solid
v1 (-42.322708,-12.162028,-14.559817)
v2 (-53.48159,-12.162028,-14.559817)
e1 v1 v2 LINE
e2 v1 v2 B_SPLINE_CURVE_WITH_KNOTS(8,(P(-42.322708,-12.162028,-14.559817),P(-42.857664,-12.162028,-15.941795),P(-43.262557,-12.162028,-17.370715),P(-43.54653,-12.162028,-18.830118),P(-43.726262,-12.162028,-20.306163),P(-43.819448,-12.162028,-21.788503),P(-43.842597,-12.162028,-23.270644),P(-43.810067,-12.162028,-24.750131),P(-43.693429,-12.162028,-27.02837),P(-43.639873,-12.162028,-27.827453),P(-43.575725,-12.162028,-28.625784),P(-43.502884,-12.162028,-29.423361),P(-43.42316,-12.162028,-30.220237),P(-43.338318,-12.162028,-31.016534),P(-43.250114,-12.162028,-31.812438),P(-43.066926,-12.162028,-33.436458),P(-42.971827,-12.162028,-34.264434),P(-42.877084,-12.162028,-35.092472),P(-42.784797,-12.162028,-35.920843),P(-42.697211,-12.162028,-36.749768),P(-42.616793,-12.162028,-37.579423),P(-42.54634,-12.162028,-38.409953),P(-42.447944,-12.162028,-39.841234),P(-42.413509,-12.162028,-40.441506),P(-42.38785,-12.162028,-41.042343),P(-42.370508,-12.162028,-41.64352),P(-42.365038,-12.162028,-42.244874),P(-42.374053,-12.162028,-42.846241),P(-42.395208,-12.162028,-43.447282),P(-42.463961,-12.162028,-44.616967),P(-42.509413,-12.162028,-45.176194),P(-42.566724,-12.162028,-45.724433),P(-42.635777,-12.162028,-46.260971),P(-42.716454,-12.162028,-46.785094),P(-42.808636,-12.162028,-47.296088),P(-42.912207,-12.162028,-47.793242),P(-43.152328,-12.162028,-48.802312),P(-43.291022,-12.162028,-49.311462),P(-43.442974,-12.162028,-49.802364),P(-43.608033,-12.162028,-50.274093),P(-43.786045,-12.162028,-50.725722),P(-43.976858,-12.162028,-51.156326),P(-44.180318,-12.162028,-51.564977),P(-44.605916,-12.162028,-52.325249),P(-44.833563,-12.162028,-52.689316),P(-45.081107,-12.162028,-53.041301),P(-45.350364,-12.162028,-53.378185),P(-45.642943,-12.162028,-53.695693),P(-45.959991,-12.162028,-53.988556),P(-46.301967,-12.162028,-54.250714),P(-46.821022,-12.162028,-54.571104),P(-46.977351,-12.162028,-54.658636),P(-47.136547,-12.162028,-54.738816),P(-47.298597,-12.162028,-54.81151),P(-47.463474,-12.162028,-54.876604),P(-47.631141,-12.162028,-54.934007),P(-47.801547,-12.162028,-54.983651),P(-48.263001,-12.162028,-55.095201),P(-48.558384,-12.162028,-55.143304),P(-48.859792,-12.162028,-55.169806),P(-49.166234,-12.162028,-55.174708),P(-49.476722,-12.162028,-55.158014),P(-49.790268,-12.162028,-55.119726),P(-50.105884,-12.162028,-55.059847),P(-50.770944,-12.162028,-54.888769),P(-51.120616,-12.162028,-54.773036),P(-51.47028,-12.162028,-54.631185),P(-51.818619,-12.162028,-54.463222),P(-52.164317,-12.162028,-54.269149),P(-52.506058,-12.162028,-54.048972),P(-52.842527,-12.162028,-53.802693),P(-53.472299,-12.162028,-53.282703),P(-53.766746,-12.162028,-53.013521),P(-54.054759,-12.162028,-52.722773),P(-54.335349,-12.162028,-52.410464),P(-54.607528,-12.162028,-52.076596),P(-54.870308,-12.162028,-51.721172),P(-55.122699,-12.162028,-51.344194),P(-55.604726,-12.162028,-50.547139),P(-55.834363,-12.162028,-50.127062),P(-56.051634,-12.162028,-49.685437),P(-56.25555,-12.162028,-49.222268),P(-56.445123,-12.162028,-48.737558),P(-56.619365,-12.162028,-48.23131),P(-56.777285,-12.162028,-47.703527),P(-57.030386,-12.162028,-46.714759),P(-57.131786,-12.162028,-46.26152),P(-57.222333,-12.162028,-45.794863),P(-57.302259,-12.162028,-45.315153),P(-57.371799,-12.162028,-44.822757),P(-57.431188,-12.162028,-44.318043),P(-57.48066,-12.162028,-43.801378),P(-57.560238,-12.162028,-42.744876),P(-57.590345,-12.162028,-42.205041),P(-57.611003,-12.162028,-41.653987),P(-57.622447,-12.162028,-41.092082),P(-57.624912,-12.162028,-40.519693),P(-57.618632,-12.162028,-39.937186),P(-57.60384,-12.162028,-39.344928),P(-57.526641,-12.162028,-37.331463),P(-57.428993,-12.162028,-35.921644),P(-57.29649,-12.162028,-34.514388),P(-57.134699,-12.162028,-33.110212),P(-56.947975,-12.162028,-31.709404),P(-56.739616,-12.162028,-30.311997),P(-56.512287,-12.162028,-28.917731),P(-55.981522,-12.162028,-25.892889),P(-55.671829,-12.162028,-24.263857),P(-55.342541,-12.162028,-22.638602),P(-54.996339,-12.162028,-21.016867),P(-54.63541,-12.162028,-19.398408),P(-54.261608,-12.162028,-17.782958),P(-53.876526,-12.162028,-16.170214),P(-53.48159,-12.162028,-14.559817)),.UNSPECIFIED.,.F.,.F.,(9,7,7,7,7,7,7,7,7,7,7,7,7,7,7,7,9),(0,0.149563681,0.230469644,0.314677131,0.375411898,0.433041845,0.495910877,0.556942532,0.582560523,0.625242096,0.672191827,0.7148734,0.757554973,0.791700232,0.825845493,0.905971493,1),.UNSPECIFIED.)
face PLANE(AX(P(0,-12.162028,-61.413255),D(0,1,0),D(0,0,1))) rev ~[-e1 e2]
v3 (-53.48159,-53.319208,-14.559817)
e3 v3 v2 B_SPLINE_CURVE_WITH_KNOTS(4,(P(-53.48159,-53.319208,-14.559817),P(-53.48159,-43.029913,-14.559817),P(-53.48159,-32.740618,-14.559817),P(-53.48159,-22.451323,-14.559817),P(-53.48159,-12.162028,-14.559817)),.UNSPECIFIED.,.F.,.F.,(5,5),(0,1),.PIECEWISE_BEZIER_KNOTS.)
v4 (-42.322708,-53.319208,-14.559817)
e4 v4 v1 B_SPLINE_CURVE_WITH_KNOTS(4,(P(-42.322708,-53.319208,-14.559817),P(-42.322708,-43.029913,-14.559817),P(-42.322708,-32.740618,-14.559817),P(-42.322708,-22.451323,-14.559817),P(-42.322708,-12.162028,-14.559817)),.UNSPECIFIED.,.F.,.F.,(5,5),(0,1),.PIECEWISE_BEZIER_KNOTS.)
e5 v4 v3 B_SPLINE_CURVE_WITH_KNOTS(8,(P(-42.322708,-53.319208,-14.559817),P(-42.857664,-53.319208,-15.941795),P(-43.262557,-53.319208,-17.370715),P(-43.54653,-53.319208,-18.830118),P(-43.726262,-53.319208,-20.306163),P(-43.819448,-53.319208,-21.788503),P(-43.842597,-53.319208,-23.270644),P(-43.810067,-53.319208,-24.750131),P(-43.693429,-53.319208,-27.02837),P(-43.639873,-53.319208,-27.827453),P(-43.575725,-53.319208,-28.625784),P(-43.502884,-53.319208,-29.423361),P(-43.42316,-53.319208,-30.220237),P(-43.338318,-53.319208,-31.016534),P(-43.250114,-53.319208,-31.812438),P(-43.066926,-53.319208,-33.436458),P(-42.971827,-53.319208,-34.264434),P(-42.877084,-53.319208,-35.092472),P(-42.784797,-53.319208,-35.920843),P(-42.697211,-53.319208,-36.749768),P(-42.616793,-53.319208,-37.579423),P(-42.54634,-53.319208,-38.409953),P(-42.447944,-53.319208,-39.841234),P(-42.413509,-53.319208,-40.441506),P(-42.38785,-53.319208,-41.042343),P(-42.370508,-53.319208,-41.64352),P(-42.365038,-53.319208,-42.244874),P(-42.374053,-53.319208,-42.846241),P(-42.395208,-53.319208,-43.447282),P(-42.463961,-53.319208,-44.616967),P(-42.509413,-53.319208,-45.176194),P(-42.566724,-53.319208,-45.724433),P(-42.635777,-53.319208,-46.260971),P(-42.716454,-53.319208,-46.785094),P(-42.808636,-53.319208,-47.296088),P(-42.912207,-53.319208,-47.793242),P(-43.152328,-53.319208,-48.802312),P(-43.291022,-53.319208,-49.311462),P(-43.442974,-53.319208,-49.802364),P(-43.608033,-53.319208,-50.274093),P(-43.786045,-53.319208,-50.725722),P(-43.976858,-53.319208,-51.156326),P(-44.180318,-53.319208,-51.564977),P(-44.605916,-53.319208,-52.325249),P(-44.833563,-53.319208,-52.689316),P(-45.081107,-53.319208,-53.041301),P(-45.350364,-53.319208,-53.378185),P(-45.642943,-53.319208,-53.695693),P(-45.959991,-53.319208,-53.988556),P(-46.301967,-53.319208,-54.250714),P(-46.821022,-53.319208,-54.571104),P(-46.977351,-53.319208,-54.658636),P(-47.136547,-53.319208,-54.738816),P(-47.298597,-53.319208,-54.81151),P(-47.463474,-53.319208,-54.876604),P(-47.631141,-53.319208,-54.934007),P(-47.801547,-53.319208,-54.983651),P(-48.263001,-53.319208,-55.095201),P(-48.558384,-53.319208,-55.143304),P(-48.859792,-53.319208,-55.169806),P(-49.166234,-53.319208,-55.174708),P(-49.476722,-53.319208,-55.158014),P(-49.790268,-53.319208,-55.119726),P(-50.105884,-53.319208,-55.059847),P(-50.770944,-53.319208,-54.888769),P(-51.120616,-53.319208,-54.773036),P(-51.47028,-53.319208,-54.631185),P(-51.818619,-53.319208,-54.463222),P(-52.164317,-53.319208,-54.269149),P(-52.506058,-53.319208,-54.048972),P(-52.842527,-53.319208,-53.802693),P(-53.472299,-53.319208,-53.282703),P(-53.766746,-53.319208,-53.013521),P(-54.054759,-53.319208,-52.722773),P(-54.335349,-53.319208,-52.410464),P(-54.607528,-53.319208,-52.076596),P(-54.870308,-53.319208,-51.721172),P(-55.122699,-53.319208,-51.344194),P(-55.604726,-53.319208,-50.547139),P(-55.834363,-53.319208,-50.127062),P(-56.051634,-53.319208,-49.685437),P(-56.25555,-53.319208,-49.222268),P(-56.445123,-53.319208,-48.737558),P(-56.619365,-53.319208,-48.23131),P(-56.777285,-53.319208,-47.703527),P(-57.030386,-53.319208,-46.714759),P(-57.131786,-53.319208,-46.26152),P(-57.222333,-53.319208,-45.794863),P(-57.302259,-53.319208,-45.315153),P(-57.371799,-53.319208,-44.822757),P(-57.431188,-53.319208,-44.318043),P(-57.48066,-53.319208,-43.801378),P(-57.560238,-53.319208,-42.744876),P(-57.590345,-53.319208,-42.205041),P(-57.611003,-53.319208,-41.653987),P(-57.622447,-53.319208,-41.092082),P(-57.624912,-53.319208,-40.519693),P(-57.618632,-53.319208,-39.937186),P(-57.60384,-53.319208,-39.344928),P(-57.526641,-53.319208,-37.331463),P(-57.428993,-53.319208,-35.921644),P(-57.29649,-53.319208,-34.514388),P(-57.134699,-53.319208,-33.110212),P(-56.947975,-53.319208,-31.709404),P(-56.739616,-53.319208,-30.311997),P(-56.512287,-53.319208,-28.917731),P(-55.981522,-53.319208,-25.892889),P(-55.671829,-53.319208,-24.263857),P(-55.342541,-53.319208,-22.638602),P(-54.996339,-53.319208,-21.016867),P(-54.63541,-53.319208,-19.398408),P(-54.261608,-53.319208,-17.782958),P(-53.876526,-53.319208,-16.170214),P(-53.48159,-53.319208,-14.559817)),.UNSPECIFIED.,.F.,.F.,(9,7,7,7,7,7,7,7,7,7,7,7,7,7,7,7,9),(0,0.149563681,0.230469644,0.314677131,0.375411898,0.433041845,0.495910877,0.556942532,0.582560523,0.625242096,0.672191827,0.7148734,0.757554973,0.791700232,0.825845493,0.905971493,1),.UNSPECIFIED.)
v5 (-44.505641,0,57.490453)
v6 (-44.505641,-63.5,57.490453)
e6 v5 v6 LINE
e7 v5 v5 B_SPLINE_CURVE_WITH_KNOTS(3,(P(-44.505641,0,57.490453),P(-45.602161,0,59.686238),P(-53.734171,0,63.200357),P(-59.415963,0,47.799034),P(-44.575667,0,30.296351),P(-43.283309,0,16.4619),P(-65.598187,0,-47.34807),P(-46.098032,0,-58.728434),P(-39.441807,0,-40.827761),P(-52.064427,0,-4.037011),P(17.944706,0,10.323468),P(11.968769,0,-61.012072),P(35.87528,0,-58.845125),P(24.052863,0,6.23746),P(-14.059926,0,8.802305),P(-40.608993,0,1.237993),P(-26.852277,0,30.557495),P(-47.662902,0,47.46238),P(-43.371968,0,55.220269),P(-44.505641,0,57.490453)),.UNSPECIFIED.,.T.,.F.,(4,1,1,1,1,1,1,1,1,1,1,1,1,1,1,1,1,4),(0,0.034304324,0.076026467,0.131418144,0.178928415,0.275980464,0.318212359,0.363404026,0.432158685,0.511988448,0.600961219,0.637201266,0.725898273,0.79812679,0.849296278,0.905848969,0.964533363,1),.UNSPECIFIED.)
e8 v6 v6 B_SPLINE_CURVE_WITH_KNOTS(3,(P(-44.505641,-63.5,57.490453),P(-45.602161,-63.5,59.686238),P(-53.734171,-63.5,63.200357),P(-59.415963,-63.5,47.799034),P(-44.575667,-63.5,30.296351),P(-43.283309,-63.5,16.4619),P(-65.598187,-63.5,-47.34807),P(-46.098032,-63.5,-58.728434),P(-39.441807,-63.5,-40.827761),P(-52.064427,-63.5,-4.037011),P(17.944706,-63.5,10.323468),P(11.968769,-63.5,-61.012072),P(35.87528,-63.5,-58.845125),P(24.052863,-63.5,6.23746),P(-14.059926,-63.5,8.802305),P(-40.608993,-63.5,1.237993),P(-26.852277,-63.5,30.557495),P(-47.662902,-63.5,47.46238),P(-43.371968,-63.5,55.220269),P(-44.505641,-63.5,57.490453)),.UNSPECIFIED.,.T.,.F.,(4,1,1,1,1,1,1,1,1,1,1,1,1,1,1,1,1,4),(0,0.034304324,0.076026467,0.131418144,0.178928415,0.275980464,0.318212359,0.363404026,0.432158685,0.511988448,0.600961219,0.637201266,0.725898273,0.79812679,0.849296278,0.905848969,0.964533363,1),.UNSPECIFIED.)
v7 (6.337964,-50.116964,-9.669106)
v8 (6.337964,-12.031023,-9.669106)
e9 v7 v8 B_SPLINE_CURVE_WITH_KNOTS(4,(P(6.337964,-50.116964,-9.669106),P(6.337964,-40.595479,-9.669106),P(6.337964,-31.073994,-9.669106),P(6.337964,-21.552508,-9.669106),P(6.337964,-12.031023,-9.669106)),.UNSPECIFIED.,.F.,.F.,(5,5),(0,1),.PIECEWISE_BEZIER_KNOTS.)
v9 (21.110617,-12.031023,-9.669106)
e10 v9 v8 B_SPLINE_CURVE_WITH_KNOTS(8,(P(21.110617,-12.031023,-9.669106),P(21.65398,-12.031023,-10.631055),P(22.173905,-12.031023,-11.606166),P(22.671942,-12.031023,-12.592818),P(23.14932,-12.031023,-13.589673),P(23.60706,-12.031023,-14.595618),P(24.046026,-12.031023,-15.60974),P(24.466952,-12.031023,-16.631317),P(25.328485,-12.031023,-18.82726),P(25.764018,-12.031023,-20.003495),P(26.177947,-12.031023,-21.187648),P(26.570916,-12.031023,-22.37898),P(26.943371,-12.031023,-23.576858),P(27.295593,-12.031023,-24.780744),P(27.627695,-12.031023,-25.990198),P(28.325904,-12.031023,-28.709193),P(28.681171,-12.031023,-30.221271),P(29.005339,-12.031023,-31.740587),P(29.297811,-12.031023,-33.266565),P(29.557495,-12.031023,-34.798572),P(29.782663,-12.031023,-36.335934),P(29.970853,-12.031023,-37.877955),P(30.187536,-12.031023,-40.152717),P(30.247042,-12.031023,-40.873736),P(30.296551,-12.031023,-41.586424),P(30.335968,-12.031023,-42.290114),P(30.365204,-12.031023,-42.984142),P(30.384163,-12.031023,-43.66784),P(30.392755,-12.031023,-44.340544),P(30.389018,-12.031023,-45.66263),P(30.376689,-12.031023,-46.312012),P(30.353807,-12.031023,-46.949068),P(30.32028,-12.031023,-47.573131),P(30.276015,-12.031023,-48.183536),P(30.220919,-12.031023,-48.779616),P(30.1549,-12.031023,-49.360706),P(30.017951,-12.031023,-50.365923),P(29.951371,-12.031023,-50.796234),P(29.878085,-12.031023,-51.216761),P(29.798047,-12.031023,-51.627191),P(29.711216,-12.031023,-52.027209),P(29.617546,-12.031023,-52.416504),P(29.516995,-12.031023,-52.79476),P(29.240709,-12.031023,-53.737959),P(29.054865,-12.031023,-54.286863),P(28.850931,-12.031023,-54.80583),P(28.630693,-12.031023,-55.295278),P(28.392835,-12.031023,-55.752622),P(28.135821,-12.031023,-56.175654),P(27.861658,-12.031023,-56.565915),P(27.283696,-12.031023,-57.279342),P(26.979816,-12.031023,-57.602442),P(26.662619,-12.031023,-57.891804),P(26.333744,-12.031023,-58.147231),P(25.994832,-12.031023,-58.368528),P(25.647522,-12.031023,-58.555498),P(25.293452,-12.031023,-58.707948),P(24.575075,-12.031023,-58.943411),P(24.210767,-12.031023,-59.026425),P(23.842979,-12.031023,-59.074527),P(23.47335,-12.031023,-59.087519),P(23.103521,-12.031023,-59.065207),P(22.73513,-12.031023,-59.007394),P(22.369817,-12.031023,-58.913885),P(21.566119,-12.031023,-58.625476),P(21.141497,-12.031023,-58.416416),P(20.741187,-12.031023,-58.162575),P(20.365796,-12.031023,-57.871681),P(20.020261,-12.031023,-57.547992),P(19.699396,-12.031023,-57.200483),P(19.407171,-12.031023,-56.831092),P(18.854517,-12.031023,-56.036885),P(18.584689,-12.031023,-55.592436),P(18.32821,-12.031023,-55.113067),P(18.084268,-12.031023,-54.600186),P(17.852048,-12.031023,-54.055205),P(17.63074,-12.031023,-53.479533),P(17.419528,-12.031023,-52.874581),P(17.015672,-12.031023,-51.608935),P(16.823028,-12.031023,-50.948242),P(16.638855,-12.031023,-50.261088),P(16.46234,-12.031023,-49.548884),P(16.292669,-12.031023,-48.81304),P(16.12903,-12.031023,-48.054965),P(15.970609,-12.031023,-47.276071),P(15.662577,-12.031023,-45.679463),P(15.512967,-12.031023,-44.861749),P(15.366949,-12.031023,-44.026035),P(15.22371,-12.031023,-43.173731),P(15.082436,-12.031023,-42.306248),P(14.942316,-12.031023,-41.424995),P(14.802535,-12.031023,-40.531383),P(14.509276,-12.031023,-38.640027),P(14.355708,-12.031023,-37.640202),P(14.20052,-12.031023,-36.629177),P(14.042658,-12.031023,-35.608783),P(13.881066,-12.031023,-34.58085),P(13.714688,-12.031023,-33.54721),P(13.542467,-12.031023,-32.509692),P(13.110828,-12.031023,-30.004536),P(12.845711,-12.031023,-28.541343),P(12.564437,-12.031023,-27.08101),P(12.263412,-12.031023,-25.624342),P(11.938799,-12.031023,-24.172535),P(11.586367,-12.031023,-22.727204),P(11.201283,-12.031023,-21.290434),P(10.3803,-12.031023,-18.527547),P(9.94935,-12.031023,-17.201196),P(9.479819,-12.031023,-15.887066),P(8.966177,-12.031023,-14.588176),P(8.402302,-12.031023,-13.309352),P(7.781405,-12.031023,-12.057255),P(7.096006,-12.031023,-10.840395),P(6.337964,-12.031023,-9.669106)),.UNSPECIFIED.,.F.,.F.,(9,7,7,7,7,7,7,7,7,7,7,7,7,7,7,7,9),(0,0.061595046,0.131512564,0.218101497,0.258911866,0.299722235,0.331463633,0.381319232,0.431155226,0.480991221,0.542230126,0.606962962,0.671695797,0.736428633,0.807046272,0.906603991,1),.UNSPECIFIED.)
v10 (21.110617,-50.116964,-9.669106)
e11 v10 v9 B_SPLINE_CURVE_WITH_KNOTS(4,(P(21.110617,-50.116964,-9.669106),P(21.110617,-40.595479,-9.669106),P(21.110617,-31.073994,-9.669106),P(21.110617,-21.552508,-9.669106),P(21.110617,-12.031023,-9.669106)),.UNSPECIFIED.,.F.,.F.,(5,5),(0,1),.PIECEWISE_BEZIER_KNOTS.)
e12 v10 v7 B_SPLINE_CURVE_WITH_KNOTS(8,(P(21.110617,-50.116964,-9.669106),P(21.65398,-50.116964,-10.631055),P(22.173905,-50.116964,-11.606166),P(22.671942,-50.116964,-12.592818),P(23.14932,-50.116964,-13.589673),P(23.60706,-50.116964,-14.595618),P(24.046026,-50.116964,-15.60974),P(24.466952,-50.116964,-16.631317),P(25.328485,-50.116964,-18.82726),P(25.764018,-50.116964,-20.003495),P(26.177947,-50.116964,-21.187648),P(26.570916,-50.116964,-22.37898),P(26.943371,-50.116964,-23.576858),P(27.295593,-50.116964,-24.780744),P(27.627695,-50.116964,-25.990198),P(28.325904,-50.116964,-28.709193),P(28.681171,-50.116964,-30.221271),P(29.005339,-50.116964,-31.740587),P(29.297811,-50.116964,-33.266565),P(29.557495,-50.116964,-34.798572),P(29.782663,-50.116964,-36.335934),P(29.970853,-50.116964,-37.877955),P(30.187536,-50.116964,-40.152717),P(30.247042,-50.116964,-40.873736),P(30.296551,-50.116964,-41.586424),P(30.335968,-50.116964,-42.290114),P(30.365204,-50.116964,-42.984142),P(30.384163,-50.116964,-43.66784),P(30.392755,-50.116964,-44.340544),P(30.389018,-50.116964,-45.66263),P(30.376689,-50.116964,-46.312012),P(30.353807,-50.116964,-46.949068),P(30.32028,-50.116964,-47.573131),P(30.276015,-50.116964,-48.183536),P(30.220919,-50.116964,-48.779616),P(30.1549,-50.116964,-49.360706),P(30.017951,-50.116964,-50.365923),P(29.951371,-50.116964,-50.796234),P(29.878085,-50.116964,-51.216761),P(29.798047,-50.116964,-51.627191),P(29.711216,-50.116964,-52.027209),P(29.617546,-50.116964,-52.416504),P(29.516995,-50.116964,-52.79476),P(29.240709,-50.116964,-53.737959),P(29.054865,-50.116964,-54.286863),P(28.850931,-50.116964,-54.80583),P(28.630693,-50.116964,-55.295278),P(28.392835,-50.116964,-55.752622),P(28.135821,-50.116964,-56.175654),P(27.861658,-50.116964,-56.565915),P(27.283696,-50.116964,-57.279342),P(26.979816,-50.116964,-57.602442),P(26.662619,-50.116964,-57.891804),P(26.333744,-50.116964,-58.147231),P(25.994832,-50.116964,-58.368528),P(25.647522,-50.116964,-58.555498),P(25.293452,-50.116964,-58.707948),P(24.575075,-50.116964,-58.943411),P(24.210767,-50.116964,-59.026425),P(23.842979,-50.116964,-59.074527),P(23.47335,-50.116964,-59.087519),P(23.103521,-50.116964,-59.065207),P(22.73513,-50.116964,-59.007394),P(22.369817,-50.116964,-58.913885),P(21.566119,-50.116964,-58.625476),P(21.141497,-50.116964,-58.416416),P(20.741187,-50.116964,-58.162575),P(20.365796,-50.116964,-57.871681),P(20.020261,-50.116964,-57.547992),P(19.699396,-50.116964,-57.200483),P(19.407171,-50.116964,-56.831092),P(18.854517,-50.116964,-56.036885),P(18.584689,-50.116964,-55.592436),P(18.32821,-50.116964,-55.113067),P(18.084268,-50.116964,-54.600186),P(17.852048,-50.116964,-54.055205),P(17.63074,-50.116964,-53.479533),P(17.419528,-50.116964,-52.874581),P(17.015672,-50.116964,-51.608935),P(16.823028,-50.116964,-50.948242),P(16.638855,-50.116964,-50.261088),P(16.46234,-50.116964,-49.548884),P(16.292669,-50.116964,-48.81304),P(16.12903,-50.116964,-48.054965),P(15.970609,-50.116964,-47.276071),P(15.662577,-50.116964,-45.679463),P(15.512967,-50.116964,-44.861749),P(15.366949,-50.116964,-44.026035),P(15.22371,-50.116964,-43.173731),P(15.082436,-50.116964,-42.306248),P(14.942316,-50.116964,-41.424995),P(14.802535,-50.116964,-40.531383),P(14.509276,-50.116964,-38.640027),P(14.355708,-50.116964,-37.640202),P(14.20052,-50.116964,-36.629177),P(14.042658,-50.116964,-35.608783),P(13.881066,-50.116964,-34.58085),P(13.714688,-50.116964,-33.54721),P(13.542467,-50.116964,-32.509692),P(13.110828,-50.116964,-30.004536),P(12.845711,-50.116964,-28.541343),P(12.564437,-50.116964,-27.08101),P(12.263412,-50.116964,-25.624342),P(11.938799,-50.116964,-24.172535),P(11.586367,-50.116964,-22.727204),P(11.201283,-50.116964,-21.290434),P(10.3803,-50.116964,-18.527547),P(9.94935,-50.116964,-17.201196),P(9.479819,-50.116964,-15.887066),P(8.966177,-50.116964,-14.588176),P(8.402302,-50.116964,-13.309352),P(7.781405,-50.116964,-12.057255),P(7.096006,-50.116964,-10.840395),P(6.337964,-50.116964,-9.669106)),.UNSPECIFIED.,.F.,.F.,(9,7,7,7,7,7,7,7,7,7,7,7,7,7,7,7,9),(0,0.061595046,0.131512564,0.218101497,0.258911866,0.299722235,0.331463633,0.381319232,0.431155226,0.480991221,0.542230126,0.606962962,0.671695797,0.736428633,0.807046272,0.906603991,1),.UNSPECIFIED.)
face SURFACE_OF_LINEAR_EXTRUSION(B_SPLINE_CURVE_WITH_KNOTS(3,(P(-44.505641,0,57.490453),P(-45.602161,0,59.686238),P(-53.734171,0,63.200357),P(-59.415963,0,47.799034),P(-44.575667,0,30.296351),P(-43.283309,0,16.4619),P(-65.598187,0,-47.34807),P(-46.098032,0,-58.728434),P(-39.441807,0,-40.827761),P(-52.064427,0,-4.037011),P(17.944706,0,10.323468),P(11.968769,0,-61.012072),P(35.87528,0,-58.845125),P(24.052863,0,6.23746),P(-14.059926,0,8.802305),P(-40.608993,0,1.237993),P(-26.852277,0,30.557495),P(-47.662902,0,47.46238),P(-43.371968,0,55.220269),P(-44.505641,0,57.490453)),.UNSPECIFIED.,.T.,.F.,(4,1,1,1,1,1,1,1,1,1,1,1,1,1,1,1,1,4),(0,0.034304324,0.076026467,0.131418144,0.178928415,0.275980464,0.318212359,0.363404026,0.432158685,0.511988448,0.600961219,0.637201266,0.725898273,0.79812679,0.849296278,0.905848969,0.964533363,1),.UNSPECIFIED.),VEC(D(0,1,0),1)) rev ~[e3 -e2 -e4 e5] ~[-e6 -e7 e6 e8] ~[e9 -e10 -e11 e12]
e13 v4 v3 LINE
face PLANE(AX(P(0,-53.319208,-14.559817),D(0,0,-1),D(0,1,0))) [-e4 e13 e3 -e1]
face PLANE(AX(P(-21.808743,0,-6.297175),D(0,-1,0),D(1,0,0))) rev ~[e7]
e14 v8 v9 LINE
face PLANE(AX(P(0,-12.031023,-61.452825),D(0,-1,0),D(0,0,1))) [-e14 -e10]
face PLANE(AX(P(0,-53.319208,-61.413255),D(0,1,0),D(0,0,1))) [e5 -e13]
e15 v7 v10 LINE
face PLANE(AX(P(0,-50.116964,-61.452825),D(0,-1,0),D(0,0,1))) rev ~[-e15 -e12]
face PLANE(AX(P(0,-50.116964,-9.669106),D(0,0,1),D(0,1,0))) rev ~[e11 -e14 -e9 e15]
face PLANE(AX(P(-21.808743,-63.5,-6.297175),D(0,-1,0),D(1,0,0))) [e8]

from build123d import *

# Parameters (mm, degrees)
F1_DEPTH = 63.5
F2_W     = 38.085940294
F2_H     = 51.7837191001
F3_DEPTH = 45.974
F4_W     = 41.1571804434
F4_H     = 46.8534380198
F5_DEPTH = 87.122


with BuildPart() as f1:
    # F0 (on Front) → F1 (new body)
    with BuildSketch(Plane.XZ):
        with BuildLine():
            add(Edge.make_bspline(
                [(-44.5056408644, 57.490453124), (-45.6021613226, 59.6862384454), (-53.7341714819, 63.2003569235), (-59.4159632403, 47.799033568), (-44.5756666653, 30.2963511995), (-43.283309447, 16.4618997679), (-65.5981869535, -47.34806982), (-46.0980323883, -58.7284337722), (-39.4418067734, -40.827760914), (-52.0644270083, -4.0370105996), (17.9447061462, 10.323467651), (11.9687692766, -61.012071853), (35.8752795878, -58.8451249946), (24.0528629269, 6.2374596572), (-14.0599263527, 8.8023045458), (-40.6089928953, 1.2379925458), (-26.8522773987, 30.5574949449), (-47.6629024011, 47.4623801088), (-43.3719676301, 55.2202692635), (-44.5056408644, 57.490453124)],
                knots=[0, 0, 0, 0, 0.0343043236, 0.0760264673, 0.1314181437, 0.1789284148, 0.2759804638, 0.3182123585, 0.3634040261, 0.4321586846, 0.5119884479, 0.6009612194, 0.6372012664, 0.7258982728, 0.7981267897, 0.8492962779, 0.9058489689, 0.9645333626, 1, 1, 1, 1], degree=3))
        make_face()
    extrude(amount=F1_DEPTH)

    # F2 (on Right) → F3 (cut)
    with BuildSketch(Plane.YZ):
        with Locations((-31.0739935376, -35.5609650724)):
            Rectangle(F2_W, F2_H)
    extrude(amount=F3_DEPTH, mode=Mode.SUBTRACT)

    # F4 (on Right) → F5 (cut)
    with BuildSketch(Plane.YZ):
        with Locations((-32.7406181023, -37.986535579)):
            Rectangle(F4_W, F4_H)
    extrude(amount=-F5_DEPTH, mode=Mode.SUBTRACT)


solid = f1.part
